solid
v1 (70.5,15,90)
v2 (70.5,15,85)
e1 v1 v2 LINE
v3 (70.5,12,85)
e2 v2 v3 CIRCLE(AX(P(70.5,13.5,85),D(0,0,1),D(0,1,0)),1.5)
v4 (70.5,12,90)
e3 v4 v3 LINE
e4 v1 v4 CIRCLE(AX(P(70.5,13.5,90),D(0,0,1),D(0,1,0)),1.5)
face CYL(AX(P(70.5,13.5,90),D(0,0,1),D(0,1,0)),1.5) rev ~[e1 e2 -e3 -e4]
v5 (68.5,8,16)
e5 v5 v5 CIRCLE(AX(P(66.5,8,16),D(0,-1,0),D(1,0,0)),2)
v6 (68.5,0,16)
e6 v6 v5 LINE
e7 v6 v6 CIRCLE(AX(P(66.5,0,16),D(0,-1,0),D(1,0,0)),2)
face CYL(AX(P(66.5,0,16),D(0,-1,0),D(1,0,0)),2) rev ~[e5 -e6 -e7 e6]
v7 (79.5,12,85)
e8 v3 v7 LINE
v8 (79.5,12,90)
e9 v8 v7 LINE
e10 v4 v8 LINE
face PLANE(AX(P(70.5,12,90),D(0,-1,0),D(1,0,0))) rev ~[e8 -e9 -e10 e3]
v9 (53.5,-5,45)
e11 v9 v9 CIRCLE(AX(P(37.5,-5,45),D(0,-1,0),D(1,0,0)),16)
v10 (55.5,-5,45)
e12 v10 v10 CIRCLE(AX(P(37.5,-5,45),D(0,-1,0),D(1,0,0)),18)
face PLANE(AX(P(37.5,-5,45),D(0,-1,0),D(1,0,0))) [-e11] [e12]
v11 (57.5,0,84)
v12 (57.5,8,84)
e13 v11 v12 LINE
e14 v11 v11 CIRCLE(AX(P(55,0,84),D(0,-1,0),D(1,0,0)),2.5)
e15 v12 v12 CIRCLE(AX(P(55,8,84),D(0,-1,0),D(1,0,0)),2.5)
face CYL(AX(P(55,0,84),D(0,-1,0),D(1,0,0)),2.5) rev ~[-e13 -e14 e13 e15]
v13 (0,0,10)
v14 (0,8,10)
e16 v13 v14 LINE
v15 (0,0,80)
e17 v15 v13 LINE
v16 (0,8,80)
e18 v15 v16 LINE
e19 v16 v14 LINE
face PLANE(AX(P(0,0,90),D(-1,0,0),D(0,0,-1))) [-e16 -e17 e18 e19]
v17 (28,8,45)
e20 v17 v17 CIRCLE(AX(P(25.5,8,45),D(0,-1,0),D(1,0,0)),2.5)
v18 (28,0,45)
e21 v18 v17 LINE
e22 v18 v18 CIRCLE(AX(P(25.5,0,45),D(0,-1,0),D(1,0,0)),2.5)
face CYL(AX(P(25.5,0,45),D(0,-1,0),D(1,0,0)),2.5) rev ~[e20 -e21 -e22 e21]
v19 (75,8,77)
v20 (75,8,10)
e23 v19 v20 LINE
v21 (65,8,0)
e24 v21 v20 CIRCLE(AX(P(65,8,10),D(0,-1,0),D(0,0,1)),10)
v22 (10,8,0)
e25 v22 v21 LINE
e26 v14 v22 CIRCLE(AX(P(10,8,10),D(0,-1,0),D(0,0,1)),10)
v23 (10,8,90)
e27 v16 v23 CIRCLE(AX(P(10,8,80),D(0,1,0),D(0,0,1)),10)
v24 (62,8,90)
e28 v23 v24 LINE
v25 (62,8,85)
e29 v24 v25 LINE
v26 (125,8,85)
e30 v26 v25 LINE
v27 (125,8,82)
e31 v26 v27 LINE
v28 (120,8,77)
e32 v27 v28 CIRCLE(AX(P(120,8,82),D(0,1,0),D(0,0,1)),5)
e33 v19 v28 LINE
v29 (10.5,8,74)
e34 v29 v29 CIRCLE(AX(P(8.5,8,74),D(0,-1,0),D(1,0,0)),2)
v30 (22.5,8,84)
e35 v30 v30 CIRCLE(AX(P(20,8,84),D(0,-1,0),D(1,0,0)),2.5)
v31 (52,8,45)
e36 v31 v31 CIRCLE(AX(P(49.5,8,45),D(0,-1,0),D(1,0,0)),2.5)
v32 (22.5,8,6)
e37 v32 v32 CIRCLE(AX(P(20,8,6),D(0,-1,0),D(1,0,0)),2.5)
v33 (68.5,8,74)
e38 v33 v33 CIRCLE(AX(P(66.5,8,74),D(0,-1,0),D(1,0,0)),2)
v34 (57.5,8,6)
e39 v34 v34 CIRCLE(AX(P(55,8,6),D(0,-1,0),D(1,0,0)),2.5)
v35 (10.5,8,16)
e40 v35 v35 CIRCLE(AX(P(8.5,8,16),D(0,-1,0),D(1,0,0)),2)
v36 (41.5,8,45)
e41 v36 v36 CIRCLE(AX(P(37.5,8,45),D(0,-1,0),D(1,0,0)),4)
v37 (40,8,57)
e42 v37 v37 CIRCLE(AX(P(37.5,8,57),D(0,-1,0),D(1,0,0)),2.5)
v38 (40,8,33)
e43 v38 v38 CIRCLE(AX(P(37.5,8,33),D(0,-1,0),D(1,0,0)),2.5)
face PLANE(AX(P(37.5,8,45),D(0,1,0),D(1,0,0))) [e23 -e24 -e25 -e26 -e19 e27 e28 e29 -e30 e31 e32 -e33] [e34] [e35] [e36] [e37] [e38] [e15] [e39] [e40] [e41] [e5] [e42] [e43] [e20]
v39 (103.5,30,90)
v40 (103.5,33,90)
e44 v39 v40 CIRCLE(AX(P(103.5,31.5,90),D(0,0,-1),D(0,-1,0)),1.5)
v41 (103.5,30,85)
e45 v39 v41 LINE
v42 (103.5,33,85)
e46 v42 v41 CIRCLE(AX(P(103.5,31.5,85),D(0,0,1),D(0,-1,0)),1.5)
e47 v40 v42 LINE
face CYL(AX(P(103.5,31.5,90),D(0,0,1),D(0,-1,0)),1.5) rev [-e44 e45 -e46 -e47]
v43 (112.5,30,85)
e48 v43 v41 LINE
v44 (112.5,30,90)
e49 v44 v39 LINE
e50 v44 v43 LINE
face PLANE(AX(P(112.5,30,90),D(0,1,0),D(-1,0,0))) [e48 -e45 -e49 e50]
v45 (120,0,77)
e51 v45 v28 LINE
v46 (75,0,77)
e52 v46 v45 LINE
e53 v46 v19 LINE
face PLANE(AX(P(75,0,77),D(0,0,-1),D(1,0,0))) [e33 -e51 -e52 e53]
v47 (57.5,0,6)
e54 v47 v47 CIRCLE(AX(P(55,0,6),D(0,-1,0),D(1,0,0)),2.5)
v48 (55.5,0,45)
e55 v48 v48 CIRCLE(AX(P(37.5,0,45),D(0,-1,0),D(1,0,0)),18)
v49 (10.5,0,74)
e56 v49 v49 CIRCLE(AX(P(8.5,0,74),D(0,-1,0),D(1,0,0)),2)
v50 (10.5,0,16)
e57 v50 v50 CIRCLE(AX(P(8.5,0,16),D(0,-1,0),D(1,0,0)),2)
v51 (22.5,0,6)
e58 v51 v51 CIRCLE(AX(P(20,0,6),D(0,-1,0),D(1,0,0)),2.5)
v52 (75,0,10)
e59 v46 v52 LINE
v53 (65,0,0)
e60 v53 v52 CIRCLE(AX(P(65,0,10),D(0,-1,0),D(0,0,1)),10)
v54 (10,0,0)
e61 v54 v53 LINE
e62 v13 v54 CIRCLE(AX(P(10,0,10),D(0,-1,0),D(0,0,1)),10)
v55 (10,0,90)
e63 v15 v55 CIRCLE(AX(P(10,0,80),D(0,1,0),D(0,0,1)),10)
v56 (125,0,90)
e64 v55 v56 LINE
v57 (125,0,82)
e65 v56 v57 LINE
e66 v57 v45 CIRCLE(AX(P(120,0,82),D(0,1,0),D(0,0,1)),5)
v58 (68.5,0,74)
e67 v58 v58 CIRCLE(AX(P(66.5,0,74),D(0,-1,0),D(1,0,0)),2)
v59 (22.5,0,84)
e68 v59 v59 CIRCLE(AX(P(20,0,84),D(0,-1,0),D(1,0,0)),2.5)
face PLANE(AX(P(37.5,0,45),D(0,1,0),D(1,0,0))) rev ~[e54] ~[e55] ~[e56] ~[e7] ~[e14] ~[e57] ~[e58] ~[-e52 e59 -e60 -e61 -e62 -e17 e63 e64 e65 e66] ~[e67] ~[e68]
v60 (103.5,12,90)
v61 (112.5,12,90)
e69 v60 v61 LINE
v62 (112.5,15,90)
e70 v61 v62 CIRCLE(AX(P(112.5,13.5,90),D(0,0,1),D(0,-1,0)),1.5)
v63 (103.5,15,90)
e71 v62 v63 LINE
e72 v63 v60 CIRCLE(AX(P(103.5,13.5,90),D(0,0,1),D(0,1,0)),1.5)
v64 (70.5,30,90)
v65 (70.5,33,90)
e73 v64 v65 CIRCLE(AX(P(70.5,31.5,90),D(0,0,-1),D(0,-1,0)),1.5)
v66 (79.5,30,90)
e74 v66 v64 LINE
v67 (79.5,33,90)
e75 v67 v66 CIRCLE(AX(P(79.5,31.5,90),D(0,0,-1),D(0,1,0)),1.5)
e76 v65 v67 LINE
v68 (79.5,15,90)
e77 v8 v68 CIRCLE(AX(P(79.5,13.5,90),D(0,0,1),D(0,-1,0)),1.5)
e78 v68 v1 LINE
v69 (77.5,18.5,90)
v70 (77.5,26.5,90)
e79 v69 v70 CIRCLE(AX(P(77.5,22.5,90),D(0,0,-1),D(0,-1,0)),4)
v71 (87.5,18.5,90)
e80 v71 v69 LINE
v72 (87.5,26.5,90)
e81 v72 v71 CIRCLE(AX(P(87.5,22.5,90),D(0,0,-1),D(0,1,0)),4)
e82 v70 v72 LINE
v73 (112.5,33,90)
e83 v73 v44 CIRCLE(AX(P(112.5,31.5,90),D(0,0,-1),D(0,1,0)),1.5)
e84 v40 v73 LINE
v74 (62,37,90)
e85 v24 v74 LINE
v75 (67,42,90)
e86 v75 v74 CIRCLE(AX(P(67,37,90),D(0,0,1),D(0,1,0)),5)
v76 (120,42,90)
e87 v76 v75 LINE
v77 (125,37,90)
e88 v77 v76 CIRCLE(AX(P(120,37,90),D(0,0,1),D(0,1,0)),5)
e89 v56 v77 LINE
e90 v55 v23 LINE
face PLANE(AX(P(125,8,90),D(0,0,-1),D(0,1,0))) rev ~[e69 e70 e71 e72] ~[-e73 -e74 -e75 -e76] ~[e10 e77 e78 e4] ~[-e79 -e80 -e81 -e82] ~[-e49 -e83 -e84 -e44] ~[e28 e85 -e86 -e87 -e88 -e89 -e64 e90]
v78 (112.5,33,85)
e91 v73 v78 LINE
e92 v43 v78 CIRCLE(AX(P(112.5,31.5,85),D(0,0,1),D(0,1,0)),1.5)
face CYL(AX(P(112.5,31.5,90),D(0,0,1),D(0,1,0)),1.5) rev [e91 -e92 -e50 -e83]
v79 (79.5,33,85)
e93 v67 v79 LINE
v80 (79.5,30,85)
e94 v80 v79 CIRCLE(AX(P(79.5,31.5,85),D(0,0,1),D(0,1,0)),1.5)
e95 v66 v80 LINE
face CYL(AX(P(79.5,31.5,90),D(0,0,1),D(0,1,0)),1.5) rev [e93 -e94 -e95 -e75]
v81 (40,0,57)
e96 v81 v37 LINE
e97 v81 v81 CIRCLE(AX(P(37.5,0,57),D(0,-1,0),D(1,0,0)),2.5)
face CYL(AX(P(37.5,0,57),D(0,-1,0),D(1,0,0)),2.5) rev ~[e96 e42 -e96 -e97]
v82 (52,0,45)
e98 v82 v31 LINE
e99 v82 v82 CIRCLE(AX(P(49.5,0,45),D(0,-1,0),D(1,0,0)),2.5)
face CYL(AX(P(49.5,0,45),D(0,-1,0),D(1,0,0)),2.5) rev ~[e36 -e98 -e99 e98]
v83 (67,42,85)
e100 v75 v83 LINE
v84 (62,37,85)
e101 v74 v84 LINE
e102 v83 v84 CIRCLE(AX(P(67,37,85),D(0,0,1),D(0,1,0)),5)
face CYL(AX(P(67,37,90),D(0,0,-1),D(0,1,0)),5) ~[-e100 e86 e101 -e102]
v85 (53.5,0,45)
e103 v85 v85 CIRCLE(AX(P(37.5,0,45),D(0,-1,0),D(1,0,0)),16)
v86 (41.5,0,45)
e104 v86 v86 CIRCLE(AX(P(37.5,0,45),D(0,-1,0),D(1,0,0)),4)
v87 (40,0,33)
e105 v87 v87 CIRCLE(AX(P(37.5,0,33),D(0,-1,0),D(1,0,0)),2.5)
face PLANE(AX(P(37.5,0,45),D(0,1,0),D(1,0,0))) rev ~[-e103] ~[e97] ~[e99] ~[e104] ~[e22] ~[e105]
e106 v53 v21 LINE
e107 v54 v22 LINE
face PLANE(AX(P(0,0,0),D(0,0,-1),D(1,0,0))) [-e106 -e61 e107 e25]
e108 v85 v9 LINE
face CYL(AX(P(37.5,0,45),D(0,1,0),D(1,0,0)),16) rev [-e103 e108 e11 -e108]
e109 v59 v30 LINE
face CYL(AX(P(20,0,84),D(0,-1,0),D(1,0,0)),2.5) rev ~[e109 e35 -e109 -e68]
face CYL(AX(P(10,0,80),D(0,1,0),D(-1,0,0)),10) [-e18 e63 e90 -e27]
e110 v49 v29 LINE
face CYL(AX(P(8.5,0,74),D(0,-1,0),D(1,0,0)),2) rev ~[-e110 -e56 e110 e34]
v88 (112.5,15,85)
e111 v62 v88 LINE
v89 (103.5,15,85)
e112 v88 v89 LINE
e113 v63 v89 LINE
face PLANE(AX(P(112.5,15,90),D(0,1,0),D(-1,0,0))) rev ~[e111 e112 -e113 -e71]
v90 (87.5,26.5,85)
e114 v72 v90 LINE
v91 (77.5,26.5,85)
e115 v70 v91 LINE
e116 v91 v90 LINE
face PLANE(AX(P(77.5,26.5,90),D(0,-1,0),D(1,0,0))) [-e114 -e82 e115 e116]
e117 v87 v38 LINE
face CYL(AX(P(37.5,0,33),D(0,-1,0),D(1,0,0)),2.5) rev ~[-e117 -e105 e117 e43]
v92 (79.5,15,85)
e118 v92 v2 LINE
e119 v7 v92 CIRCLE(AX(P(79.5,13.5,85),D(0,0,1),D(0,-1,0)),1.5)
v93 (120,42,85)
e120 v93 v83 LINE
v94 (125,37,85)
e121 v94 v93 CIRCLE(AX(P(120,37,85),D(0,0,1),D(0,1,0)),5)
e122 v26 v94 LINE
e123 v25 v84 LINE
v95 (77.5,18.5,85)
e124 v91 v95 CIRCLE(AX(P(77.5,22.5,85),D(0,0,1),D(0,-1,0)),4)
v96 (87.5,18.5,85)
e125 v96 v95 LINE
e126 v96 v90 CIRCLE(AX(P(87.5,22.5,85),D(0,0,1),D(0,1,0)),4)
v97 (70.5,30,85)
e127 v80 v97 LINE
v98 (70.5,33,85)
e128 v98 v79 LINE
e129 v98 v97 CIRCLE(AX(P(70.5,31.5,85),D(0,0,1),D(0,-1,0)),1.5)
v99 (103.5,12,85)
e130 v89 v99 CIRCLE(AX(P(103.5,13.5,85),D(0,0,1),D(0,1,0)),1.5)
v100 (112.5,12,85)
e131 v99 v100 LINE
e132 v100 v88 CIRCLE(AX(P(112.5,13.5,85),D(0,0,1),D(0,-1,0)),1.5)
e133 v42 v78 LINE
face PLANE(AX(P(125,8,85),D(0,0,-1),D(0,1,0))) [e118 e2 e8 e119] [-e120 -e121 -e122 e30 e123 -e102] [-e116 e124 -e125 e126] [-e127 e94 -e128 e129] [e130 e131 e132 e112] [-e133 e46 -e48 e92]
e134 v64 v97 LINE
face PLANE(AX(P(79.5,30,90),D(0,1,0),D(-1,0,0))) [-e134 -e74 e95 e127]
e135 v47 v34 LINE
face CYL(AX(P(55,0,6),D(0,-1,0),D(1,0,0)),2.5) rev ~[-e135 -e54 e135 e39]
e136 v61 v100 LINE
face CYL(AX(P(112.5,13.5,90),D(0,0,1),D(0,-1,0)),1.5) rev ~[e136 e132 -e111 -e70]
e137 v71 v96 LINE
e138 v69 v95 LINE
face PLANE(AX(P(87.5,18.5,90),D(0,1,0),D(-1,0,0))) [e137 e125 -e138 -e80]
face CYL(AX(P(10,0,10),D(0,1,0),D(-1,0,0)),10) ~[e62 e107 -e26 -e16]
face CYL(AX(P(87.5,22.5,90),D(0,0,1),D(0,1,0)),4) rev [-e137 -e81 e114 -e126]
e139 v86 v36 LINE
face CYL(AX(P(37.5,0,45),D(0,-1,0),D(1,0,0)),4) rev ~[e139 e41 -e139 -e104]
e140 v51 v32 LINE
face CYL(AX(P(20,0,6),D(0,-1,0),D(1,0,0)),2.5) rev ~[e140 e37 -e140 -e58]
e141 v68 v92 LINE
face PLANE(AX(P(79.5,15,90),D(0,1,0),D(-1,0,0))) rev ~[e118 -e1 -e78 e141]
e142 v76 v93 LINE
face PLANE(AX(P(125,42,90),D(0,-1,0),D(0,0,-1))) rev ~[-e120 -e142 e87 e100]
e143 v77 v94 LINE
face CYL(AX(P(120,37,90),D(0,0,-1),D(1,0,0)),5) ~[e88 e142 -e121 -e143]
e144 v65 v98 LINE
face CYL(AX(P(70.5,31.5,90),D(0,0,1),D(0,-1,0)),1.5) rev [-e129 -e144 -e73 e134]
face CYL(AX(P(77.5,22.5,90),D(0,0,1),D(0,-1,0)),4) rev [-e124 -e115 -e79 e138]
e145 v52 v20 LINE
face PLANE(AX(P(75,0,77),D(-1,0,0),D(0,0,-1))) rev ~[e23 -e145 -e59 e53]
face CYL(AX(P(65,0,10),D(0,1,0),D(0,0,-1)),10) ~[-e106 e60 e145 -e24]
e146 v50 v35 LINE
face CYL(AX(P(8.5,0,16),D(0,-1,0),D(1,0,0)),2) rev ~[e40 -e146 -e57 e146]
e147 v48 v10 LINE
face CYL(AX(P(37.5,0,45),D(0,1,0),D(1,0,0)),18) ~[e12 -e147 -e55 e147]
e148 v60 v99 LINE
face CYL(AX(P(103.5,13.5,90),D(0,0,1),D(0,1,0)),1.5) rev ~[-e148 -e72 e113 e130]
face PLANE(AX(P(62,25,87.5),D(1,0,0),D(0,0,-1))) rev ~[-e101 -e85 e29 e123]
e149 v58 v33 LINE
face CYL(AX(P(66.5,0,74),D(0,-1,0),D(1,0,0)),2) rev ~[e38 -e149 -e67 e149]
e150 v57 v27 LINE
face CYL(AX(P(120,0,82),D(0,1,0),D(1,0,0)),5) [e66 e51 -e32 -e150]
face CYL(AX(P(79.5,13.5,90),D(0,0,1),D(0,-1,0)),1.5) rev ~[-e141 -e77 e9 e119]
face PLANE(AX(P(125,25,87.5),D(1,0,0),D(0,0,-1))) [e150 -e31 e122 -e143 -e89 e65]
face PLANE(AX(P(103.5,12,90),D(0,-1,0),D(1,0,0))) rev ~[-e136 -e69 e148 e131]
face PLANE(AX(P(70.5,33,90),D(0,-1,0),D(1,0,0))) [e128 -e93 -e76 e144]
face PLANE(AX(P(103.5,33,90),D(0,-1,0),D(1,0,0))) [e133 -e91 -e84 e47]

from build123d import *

# Parameters (mm, degrees)
SKETCH1_W               = 75
SKETCH1_H               = 90
SKETCH1_W_2             = 50
SKETCH1_H_2             = 13
BOSS_EXTRUDE1_DEPTH     = 8
SKETCH2_R               = 18
SKETCH2_R_2             = 16
BOSS_EXTRUDE2_DEPTH     = 5
SKETCH3_R               = 2
CUT_EXTRUDE2_DEPTH      = 6
CUT_EXTRUDE2_DEPTH_BACK = 9
FILLET2_R               = 10
FILLET3_R               = 10
FILLET4_R               = 10
CUT_EXTRUDE3_REACH      = 10
SKETCH5_R               = 2.5
SKETCH7_W               = 5
SKETCH7_H               = 34
BOSS_EXTRUDE3_DEPTH     = 63
FILLET5_R               = 5
FILLET6_R               = 5
FILLET7_R               = 5
CUT_EXTRUDE4_REACH      = 92
CUT_EXTRUDE5_REACH      = 44
SKETCH14_R              = 2.5
SKETCH14_R_2            = 4


with BuildPart() as part:
    # Sketch1 → Boss-Extrude1 (new body)
    with BuildSketch(Plane(origin=(0, 0, 0), x_dir=(1, 0, 0), z_dir=(0, 1, 0))):
        with Locations((37.5, -45)):
            Rectangle(SKETCH1_W, SKETCH1_H)
        with Locations((100, -83.5)):
            Rectangle(SKETCH1_W_2, SKETCH1_H_2)
    extrude(amount=BOSS_EXTRUDE1_DEPTH)

    # Sketch2 → Boss-Extrude2 (add)
    with BuildSketch(Plane.XZ):
        with Locations((37.5, 45)):
            Circle(SKETCH2_R)
        with Locations((37.5, 45)):
            Circle(SKETCH2_R_2, mode=Mode.SUBTRACT)
    extrude(amount=BOSS_EXTRUDE2_DEPTH)

    # Sketch3 → Cut-Extrude2 (cut, two sides)
    with BuildSketch(Plane.XZ) as cut_extrude2_sk:
        with Locations((8.5, 74)):
            Circle(SKETCH3_R)
        with Locations((66.5, 74)):
            Circle(SKETCH3_R)
        with Locations((8.5, 16)):
            Circle(SKETCH3_R)
        with Locations((66.5, 16)):
            Circle(SKETCH3_R)
    extrude(amount=CUT_EXTRUDE2_DEPTH, mode=Mode.SUBTRACT)
    extrude(cut_extrude2_sk.sketch, amount=-CUT_EXTRUDE2_DEPTH_BACK, mode=Mode.SUBTRACT)

    # Fillet2
    fillet2_edges = [part.edges().sort_by_distance(p)[0] for p in [
        (0, 4, 0),
    ]]
    fillet(fillet2_edges, radius=FILLET2_R)

    # Fillet3
    fillet3_edges = [part.edges().sort_by_distance(p)[0] for p in [
        (0, 4, 90),
    ]]
    fillet(fillet3_edges, radius=FILLET3_R)

    # Fillet4
    fillet4_edges = [part.edges().sort_by_distance(p)[0] for p in [
        (75, 4, 0),
    ]]
    fillet(fillet4_edges, radius=FILLET4_R)

    # Sketch5 → Cut-Extrude3 (cut, up to next)
    with BuildSketch(Plane.XZ, mode=Mode.PRIVATE) as cut_extrude3_sk1:
        with Locations((55, 6)):
            Circle(SKETCH5_R)
    cut_extrude3_tool1 = extrude(cut_extrude3_sk1.sketch, amount=-CUT_EXTRUDE3_REACH, mode=Mode.PRIVATE) & part.part
    add(cut_extrude3_tool1.solids().sort_by_distance((55, 0, 6))[0], mode=Mode.SUBTRACT)
    # Sketch5 → Cut-Extrude3 (cut, up to next)
    with BuildSketch(Plane.XZ, mode=Mode.PRIVATE) as cut_extrude3_sk2:
        with Locations((20, 84)):
            Circle(SKETCH5_R)
    cut_extrude3_tool2 = extrude(cut_extrude3_sk2.sketch, amount=-CUT_EXTRUDE3_REACH, mode=Mode.PRIVATE) & part.part
    add(cut_extrude3_tool2.solids().sort_by_distance((20, 0, 84))[0], mode=Mode.SUBTRACT)
    # Sketch5 → Cut-Extrude3 (cut, up to next)
    with BuildSketch(Plane.XZ, mode=Mode.PRIVATE) as cut_extrude3_sk3:
        with Locations((55, 84)):
            Circle(SKETCH5_R)
    cut_extrude3_tool3 = extrude(cut_extrude3_sk3.sketch, amount=-CUT_EXTRUDE3_REACH, mode=Mode.PRIVATE) & part.part
    add(cut_extrude3_tool3.solids().sort_by_distance((55, 0, 84))[0], mode=Mode.SUBTRACT)
    # Sketch5 → Cut-Extrude3 (cut, up to next)
    with BuildSketch(Plane.XZ, mode=Mode.PRIVATE) as cut_extrude3_sk4:
        with Locations((20, 6)):
            Circle(SKETCH5_R)
    cut_extrude3_tool4 = extrude(cut_extrude3_sk4.sketch, amount=-CUT_EXTRUDE3_REACH, mode=Mode.PRIVATE) & part.part
    add(cut_extrude3_tool4.solids().sort_by_distance((20, 0, 6))[0], mode=Mode.SUBTRACT)

    # Sketch7 → Boss-Extrude3 (add)
    with BuildSketch(Plane(origin=(125, 0, 0), x_dir=(0, 0, -1), z_dir=(1, 0, 0))):
        with Locations((-87.5, 25)):
            Rectangle(SKETCH7_W, SKETCH7_H)
    extrude(amount=-BOSS_EXTRUDE3_DEPTH)

    # Fillet5
    fillet5_edges = [part.edges().sort_by_distance(p)[0] for p in [
        (125, 42, 87.5),
    ]]
    fillet(fillet5_edges, radius=FILLET5_R)

    # Fillet6
    fillet6_edges = [part.edges().sort_by_distance(p)[0] for p in [
        (125, 4, 77),
    ]]
    fillet(fillet6_edges, radius=FILLET6_R)

    # Fillet7
    fillet7_edges = [part.edges().sort_by_distance(p)[0] for p in [
        (62, 42, 87.5),
    ]]
    fillet(fillet7_edges, radius=FILLET7_R)

    # Sketch12 → Cut-Extrude4 (cut, up to next)
    with BuildSketch(Plane.XY.offset(90), mode=Mode.PRIVATE) as cut_extrude4_sk1:
        with BuildLine():
            Line((77.5, 26.5), (87.5, 26.5))
            ThreePointArc((87.5, 26.5), (91.5, 22.5), (87.5, 18.5))
            Line((87.5, 18.5), (77.5, 18.5))
            ThreePointArc((77.5, 18.5), (73.5, 22.5), (77.5, 26.5))
        make_face()
    cut_extrude4_tool1 = extrude(cut_extrude4_sk1.sketch, amount=-CUT_EXTRUDE4_REACH, mode=Mode.PRIVATE) & part.part
    add(cut_extrude4_tool1.solids().sort_by_distance((82.5, 22.5, 90))[0], mode=Mode.SUBTRACT)
    # Sketch12 → Cut-Extrude4 (cut, up to next)
    with BuildSketch(Plane.XY.offset(90), mode=Mode.PRIVATE) as cut_extrude4_sk2:
        with BuildLine():
            Line((70.5, 33), (79.5, 33))
            ThreePointArc((79.5, 33), (81, 31.5), (79.5, 30))
            Line((79.5, 30), (70.5, 30))
            ThreePointArc((70.5, 30), (69, 31.5), (70.5, 33))
        make_face()
    cut_extrude4_tool2 = extrude(cut_extrude4_sk2.sketch, amount=-CUT_EXTRUDE4_REACH, mode=Mode.PRIVATE) & part.part
    add(cut_extrude4_tool2.solids().sort_by_distance((75, 31.5, 90))[0], mode=Mode.SUBTRACT)
    # Sketch12 → Cut-Extrude4 (cut, up to next)
    with BuildSketch(Plane.XY.offset(90), mode=Mode.PRIVATE) as cut_extrude4_sk3:
        with BuildLine():
            Line((70.5, 12), (79.5, 12))
            ThreePointArc((79.5, 12), (81, 13.5), (79.5, 15))
            Line((79.5, 15), (70.5, 15))
            ThreePointArc((70.5, 15), (69, 13.5), (70.5, 12))
        make_face()
    cut_extrude4_tool3 = extrude(cut_extrude4_sk3.sketch, amount=-CUT_EXTRUDE4_REACH, mode=Mode.PRIVATE) & part.part
    add(cut_extrude4_tool3.solids().sort_by_distance((75, 13.5, 90))[0], mode=Mode.SUBTRACT)
    # Sketch12 → Cut-Extrude4 (cut, up to next)
    with BuildSketch(Plane.XY.offset(90), mode=Mode.PRIVATE) as cut_extrude4_sk4:
        with BuildLine():
            Line((103.5, 33), (112.5, 33))
            ThreePointArc((112.5, 33), (114, 31.5), (112.5, 30))
            Line((112.5, 30), (103.5, 30))
            ThreePointArc((103.5, 30), (102, 31.5), (103.5, 33))
        make_face()
    cut_extrude4_tool4 = extrude(cut_extrude4_sk4.sketch, amount=-CUT_EXTRUDE4_REACH, mode=Mode.PRIVATE) & part.part
    add(cut_extrude4_tool4.solids().sort_by_distance((108, 31.5, 90))[0], mode=Mode.SUBTRACT)
    # Sketch12 → Cut-Extrude4 (cut, up to next)
    with BuildSketch(Plane.XY.offset(90), mode=Mode.PRIVATE) as cut_extrude4_sk5:
        with BuildLine():
            Line((103.5, 12), (112.5, 12))
            ThreePointArc((112.5, 12), (114, 13.5), (112.5, 15))
            Line((112.5, 15), (103.5, 15))
            ThreePointArc((103.5, 15), (102, 13.5), (103.5, 12))
        make_face()
    cut_extrude4_tool5 = extrude(cut_extrude4_sk5.sketch, amount=-CUT_EXTRUDE4_REACH, mode=Mode.PRIVATE) & part.part
    add(cut_extrude4_tool5.solids().sort_by_distance((108, 13.5, 90))[0], mode=Mode.SUBTRACT)

    # Sketch14 → Cut-Extrude5 (cut, up to next)
    with BuildSketch(Plane.XZ, mode=Mode.PRIVATE) as cut_extrude5_sk1:
        with Locations((37.5, 57)):
            Circle(SKETCH14_R)
    cut_extrude5_tool1 = extrude(cut_extrude5_sk1.sketch, amount=-CUT_EXTRUDE5_REACH, mode=Mode.PRIVATE) & part.part
    add(cut_extrude5_tool1.solids().sort_by_distance((37.5, 0, 57))[0], mode=Mode.SUBTRACT)
    # Sketch14 → Cut-Extrude5 (cut, up to next)
    with BuildSketch(Plane.XZ, mode=Mode.PRIVATE) as cut_extrude5_sk2:
        with Locations((37.5, 45)):
            Circle(SKETCH14_R_2)
    cut_extrude5_tool2 = extrude(cut_extrude5_sk2.sketch, amount=-CUT_EXTRUDE5_REACH, mode=Mode.PRIVATE) & part.part
    add(cut_extrude5_tool2.solids().sort_by_distance((37.5, 0, 45))[0], mode=Mode.SUBTRACT)
    # Sketch14 → Cut-Extrude5 (cut, up to next)
    with BuildSketch(Plane.XZ, mode=Mode.PRIVATE) as cut_extrude5_sk3:
        with Locations((49.5, 45)):
            Circle(SKETCH14_R)
    cut_extrude5_tool3 = extrude(cut_extrude5_sk3.sketch, amount=-CUT_EXTRUDE5_REACH, mode=Mode.PRIVATE) & part.part
    add(cut_extrude5_tool3.solids().sort_by_distance((49.5, 0, 45))[0], mode=Mode.SUBTRACT)
    # Sketch14 → Cut-Extrude5 (cut, up to next)
    with BuildSketch(Plane.XZ, mode=Mode.PRIVATE) as cut_extrude5_sk4:
        with Locations((37.5, 33)):
            Circle(SKETCH14_R)
    cut_extrude5_tool4 = extrude(cut_extrude5_sk4.sketch, amount=-CUT_EXTRUDE5_REACH, mode=Mode.PRIVATE) & part.part
    add(cut_extrude5_tool4.solids().sort_by_distance((37.5, 0, 33))[0], mode=Mode.SUBTRACT)
    # Sketch14 → Cut-Extrude5 (cut, up to next)
    with BuildSketch(Plane.XZ, mode=Mode.PRIVATE) as cut_extrude5_sk5:
        with Locations((25.5, 45)):
            Circle(SKETCH14_R)
    cut_extrude5_tool5 = extrude(cut_extrude5_sk5.sketch, amount=-CUT_EXTRUDE5_REACH, mode=Mode.PRIVATE) & part.part
    add(cut_extrude5_tool5.solids().sort_by_distance((25.5, 0, 45))[0], mode=Mode.SUBTRACT)


solid = part.part
